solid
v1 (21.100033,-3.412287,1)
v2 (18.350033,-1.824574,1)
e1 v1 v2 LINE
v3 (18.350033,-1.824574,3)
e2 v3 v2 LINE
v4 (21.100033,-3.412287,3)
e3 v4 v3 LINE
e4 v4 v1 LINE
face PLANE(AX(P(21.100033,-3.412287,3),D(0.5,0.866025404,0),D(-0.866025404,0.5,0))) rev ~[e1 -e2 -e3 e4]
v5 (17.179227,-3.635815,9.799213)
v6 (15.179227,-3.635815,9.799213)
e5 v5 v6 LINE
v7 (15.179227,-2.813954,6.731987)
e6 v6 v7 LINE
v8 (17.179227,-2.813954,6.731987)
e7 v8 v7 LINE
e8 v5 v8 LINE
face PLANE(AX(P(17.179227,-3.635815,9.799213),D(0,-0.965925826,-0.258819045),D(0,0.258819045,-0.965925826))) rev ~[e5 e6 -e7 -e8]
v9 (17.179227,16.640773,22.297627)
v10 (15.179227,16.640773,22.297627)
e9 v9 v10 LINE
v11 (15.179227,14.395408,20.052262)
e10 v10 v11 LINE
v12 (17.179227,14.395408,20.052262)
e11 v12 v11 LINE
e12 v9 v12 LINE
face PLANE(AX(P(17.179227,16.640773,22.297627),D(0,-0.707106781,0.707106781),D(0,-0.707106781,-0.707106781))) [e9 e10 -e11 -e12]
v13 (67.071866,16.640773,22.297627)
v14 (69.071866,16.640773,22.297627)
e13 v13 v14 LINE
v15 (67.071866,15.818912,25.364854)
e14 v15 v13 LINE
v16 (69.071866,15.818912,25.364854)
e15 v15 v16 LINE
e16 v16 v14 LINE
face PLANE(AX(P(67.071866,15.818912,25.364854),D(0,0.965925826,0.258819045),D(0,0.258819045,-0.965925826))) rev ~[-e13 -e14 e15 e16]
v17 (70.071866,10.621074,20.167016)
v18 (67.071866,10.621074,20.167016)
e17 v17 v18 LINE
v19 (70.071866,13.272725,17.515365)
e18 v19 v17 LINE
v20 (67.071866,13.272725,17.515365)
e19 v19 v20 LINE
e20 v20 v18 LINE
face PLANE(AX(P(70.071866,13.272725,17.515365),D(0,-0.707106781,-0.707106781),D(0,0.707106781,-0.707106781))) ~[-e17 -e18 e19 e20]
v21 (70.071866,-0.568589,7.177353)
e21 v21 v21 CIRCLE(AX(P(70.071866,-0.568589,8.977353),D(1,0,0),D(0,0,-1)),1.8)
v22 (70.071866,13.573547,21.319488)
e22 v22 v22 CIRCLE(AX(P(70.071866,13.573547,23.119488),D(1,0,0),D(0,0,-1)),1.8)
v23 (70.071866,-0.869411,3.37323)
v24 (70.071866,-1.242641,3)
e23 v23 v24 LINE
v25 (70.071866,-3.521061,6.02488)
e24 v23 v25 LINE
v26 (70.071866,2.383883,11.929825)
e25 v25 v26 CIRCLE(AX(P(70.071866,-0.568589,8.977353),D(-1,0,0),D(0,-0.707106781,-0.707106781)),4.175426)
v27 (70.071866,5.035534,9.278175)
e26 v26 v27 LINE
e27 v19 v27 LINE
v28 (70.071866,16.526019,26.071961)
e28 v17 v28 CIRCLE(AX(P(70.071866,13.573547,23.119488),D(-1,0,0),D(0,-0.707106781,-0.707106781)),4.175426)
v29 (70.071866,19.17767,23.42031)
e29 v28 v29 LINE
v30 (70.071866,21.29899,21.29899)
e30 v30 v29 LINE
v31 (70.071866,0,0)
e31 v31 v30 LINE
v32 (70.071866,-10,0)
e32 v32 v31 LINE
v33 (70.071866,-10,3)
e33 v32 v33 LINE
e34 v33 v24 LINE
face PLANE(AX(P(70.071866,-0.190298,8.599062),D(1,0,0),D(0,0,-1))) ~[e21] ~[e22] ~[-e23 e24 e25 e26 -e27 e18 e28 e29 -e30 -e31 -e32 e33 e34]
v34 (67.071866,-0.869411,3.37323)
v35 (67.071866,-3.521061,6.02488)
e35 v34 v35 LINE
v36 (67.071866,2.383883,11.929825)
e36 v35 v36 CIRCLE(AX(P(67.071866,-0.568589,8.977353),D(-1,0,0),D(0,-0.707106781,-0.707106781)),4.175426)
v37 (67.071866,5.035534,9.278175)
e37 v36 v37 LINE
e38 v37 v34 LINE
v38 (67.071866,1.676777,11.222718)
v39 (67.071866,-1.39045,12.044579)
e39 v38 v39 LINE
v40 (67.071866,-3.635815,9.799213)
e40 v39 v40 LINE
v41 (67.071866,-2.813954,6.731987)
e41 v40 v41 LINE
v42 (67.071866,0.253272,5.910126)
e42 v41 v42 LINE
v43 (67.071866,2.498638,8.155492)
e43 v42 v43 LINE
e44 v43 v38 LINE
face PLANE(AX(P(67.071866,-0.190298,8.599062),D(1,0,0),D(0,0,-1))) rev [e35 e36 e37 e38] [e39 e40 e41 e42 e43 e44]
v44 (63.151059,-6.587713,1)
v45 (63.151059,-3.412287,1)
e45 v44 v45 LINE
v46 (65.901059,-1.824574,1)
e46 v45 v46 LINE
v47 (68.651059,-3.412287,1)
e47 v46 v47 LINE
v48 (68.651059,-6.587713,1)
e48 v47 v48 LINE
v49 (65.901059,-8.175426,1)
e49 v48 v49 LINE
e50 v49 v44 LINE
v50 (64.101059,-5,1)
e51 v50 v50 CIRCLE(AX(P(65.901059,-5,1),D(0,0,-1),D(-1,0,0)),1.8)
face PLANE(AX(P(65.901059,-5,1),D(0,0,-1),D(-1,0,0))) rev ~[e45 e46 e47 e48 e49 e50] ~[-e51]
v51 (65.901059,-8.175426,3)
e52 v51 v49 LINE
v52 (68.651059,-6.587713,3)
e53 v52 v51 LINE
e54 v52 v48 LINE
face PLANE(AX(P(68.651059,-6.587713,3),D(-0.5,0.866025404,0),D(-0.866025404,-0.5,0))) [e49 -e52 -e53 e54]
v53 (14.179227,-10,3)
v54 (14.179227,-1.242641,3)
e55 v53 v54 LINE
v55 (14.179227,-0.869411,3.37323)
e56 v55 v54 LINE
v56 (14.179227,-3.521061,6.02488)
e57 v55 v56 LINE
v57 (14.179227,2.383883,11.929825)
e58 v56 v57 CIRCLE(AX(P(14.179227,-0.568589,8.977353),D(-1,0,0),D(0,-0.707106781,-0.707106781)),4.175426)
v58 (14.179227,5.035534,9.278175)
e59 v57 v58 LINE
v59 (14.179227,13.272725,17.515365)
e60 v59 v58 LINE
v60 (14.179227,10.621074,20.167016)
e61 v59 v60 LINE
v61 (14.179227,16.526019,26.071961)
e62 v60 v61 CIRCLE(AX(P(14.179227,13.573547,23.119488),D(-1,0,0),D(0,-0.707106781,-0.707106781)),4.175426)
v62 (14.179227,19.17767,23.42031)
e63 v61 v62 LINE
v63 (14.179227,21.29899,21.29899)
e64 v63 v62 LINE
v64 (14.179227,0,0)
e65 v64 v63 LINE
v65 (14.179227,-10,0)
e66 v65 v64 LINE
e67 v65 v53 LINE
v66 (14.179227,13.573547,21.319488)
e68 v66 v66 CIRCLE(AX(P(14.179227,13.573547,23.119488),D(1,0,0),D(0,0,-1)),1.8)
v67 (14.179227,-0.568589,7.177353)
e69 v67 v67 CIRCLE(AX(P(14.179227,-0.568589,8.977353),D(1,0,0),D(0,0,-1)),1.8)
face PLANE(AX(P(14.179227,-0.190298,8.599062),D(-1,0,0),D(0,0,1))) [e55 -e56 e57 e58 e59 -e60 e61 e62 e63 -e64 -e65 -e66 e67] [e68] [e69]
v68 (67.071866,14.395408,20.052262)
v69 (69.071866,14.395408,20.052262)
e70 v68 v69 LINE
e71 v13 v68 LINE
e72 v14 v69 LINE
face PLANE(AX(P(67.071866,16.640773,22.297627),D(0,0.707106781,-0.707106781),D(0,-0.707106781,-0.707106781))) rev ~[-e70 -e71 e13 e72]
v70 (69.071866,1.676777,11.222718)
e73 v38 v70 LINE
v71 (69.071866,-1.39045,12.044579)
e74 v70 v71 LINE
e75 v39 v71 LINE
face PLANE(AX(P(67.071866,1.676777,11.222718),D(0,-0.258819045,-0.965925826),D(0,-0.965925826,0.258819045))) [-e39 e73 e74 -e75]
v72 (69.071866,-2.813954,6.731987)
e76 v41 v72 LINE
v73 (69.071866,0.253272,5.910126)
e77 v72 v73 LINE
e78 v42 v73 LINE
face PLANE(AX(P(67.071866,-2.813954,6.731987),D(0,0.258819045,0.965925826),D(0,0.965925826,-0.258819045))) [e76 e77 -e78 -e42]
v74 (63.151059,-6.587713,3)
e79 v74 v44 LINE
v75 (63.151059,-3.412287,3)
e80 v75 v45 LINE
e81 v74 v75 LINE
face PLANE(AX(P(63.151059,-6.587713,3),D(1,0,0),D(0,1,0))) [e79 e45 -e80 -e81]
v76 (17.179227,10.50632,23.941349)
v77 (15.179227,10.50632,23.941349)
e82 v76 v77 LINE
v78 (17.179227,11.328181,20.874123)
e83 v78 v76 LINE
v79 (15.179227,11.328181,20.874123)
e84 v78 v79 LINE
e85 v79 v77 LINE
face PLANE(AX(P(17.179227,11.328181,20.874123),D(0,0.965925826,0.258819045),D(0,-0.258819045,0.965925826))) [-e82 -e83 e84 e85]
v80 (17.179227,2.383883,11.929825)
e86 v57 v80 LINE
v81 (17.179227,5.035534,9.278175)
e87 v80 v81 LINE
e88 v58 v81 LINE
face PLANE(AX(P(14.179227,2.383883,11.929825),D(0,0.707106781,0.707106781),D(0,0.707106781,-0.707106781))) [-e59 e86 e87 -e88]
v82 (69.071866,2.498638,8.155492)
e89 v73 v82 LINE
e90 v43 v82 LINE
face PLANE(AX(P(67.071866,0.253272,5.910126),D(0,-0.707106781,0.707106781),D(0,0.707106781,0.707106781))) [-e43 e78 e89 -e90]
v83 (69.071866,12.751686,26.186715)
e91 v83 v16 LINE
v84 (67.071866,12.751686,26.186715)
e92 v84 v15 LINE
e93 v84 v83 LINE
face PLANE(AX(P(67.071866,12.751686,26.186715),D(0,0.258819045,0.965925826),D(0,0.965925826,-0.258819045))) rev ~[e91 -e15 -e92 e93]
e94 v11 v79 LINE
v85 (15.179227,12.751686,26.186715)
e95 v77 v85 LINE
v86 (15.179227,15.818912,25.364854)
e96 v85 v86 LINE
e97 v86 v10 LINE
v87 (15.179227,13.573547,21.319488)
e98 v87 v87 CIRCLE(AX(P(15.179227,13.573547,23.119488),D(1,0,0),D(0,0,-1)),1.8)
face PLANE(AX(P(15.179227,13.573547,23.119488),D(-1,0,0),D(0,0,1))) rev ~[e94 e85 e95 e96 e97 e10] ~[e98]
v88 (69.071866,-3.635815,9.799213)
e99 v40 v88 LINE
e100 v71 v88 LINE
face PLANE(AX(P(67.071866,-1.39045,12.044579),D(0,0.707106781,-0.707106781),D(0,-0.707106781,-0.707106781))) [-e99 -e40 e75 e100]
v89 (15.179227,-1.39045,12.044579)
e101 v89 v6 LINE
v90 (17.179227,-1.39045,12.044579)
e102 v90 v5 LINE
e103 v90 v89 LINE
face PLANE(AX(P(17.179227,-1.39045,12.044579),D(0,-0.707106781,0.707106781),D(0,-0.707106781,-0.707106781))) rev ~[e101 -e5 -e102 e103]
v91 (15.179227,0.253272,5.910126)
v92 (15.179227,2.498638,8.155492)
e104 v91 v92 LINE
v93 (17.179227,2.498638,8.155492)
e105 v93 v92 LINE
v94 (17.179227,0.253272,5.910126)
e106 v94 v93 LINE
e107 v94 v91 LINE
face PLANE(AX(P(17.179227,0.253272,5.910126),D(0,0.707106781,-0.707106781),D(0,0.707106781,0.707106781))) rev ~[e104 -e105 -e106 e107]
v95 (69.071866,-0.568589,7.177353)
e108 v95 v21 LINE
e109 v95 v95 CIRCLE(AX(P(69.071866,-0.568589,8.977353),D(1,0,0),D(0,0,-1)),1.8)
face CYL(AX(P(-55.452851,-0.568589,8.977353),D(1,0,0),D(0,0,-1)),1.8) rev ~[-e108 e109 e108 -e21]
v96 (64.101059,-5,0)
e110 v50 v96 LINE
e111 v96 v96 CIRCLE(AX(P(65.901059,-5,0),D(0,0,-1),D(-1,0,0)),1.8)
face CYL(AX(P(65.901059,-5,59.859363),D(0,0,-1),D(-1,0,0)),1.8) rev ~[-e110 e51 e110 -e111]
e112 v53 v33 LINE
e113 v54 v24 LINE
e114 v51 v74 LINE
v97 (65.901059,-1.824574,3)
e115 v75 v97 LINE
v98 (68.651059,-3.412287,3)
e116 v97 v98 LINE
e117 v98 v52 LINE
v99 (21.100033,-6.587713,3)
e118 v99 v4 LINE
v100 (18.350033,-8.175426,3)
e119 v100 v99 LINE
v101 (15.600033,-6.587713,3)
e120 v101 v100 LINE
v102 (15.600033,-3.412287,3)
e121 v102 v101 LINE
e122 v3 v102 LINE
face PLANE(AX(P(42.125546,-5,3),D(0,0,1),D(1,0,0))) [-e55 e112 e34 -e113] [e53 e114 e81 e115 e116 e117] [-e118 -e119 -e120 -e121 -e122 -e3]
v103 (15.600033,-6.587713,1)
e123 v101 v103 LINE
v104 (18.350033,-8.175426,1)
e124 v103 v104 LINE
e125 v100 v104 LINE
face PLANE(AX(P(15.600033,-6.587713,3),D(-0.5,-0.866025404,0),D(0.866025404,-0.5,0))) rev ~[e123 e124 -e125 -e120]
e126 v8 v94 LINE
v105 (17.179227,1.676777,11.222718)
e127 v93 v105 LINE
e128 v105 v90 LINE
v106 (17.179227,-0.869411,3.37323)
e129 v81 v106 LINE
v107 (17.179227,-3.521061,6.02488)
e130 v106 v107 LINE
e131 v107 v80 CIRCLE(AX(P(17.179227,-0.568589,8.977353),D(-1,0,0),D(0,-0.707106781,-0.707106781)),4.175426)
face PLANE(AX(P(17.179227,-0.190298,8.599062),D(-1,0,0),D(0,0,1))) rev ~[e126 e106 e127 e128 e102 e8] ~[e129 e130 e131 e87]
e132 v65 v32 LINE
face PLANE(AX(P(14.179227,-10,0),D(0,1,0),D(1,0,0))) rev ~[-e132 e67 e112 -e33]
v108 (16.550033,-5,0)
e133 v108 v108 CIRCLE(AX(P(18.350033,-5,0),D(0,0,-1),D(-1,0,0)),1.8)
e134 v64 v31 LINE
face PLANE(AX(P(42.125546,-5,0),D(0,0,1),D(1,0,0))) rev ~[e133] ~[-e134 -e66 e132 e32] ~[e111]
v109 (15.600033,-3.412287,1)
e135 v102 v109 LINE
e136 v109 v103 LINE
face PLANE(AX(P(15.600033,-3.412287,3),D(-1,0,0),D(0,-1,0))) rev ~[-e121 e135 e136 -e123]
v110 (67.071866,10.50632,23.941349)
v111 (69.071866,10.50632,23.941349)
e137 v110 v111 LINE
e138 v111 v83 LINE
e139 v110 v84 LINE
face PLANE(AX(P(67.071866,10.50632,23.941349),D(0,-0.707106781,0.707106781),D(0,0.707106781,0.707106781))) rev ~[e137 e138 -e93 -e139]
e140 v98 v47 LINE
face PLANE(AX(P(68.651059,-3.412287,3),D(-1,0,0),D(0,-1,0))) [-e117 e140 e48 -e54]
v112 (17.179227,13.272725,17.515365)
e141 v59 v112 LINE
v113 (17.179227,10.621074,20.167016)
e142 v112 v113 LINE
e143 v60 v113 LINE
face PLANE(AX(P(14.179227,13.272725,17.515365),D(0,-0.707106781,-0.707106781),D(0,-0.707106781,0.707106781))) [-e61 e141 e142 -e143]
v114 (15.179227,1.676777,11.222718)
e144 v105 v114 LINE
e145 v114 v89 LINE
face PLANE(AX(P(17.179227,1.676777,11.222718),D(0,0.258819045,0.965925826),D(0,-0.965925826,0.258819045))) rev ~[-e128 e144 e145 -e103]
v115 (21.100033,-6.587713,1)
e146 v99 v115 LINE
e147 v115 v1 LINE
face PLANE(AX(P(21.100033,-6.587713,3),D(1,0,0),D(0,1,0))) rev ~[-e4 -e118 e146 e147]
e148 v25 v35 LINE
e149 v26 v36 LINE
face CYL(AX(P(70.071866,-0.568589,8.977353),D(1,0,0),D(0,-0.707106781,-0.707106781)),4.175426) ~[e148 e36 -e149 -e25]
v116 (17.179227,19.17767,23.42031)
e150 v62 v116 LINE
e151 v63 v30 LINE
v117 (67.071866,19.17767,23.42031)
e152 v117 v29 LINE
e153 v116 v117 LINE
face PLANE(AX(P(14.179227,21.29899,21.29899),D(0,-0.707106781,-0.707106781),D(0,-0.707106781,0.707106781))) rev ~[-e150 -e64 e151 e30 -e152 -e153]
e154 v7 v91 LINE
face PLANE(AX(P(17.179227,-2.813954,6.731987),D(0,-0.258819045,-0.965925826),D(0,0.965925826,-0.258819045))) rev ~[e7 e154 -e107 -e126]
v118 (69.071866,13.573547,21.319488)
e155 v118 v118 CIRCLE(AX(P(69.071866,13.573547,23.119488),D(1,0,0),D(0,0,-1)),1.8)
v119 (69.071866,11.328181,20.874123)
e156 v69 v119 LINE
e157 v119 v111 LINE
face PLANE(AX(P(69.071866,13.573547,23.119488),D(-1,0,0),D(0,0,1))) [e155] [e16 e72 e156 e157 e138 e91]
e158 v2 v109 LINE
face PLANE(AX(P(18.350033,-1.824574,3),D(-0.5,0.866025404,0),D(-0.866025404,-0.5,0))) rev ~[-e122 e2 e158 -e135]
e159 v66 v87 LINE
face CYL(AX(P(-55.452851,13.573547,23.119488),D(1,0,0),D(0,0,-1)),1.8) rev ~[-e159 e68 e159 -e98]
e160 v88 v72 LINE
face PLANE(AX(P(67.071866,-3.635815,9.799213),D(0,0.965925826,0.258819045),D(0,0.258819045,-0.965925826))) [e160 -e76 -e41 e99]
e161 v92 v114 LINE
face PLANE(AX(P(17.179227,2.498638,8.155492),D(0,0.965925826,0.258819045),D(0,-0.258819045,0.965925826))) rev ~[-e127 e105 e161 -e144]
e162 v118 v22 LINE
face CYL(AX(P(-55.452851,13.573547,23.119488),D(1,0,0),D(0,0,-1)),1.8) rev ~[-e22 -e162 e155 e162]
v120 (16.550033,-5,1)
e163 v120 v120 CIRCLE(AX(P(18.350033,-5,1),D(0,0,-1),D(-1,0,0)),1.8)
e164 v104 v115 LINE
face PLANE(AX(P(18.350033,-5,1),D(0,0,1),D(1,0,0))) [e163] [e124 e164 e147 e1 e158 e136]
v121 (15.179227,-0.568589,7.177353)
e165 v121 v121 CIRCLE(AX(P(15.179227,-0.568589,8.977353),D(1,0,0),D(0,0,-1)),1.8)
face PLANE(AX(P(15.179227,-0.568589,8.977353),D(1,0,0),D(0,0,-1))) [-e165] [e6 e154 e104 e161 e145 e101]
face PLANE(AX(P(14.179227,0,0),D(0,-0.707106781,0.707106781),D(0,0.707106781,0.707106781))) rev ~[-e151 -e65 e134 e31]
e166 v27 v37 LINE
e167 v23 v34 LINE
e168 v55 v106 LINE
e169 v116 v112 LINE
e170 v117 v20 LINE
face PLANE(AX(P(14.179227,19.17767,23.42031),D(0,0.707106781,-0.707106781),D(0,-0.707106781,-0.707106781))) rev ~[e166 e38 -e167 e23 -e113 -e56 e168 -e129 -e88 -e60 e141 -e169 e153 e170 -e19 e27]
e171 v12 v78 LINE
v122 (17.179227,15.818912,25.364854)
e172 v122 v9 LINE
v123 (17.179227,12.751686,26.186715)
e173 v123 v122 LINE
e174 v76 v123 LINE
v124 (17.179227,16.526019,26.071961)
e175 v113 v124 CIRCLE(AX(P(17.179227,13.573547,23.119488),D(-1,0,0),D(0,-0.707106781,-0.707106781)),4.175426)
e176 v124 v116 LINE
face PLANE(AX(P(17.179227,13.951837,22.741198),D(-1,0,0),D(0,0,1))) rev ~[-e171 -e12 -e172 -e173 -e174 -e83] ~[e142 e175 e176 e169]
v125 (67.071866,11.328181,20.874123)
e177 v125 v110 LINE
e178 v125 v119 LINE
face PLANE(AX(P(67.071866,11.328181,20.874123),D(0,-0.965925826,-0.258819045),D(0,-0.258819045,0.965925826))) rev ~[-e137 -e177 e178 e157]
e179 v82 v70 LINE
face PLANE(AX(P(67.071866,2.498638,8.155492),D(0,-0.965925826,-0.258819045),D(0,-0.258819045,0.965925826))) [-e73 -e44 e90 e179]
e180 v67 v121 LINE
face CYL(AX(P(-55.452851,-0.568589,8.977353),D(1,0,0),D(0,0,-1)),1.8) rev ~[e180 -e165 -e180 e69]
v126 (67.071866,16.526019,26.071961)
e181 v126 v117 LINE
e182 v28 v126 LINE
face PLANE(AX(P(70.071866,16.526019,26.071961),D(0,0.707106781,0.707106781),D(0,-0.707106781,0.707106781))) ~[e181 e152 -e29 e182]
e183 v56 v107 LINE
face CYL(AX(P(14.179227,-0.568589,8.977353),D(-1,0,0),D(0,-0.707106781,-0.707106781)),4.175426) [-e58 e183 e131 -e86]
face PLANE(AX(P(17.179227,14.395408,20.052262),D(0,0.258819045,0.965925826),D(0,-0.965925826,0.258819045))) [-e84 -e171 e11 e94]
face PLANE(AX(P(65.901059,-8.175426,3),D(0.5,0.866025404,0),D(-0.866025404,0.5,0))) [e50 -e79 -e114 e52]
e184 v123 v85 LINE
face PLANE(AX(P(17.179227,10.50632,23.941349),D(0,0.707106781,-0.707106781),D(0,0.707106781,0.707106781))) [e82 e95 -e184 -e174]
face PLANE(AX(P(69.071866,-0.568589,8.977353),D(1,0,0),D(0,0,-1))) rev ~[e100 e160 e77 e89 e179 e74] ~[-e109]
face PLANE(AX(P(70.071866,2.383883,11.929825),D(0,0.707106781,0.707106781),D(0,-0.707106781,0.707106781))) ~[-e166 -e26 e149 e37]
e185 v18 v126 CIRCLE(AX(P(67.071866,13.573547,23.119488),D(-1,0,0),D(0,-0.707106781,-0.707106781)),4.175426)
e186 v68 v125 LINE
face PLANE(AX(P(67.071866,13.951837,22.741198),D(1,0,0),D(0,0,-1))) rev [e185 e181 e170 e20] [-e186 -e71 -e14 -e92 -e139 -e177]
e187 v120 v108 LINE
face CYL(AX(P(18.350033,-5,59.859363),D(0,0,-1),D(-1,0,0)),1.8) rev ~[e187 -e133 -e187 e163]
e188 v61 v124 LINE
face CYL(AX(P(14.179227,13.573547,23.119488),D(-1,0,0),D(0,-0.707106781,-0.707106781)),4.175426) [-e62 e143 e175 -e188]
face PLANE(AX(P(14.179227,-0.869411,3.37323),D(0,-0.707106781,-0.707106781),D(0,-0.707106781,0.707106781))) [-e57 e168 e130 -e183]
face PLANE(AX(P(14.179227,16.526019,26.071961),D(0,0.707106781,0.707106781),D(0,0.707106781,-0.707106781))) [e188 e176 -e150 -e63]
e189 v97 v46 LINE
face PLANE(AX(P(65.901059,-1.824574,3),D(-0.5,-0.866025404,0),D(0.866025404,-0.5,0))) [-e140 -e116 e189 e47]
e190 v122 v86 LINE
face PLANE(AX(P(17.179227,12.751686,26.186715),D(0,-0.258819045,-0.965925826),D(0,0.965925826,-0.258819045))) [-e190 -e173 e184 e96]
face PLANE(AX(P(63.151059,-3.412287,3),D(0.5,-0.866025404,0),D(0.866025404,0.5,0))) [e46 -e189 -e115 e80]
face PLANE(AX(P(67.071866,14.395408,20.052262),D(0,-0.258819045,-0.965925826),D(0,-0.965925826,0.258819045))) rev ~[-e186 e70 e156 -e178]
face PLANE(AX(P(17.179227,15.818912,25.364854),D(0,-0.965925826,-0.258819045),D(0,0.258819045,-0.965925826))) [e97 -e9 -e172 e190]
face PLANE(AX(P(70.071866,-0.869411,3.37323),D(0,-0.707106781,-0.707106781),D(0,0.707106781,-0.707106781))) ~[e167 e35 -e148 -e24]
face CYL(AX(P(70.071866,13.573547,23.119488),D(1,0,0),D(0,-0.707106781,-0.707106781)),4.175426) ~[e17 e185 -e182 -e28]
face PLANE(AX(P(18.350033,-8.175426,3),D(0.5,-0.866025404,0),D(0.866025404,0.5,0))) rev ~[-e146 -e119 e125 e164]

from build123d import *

# Parameters (mm, degrees)
SKETCH1_W            = 55.892639293
SKETCH1_H            = 10
BOSS_EXTRUDE1_DEPTH  = 3
CUT_EXTRUDE1_DEPTH   = 2
M3_CLEARANCE_HOLE1_D = 3.6
BOSS_EXTRUDE2_DEPTH  = 55.892639293
BOSS_EXTRUDE3_DEPTH  = 3
M3_CLEARANCE_HOLE2_D = 3.6
CUT_EXTRUDE2_START   = -3
CUT_EXTRUDE2_DEPTH   = 2
CUT_EXTRUDE3_START   = -52.892639
CUT_EXTRUDE3_DEPTH   = 2


with BuildPart() as part:
    # Sketch1 → Boss-Extrude1 (new body)
    with BuildSketch(Plane.XY):
        with Locations((42.125546196, -5)):
            Rectangle(SKETCH1_W, SKETCH1_H)
    extrude(amount=BOSS_EXTRUDE1_DEPTH)

    # Sketch2 → Cut-Extrude1 (cut)
    with BuildSketch(Plane.XY.offset(3)):
        Polygon((65.90105946, -8.175426481), (63.15105946, -6.58771324), (63.15105946, -3.41228676), (65.90105946, -1.824573519), (68.65105946, -3.41228676), (68.65105946, -6.58771324), align=None)
        Polygon((21.100032933, -6.58771324), (21.100032933, -3.41228676), (18.350032933, -1.824573519), (15.600032933, -3.41228676), (15.600032933, -6.58771324), (18.350032933, -8.175426481), align=None)
    extrude(amount=-CUT_EXTRUDE1_DEPTH, mode=Mode.SUBTRACT)

    # M3 Clearance Hole1 (through all)
    with Locations(Plane.XY.offset(3)):
        with Locations((18.350032933, -5), (65.90105946, -5)):
            Hole(M3_CLEARANCE_HOLE1_D / 2)

    # Sketch5 → Boss-Extrude2 (add)
    with BuildSketch(Plane.ZY.offset(-14.17922655)):
        Polygon((0, 0), (21.298989873, 21.298989873), (23.420310217, 19.17766953), (3, -1.242640687), (3, 0), align=None)
    extrude(amount=-BOSS_EXTRUDE2_DEPTH)

    # Sketch6 → Boss-Extrude3 (add)
    # profile 1 of 4: a face of its own
    with BuildSketch(Plane.ZY.offset(-14.17922655)):
        with BuildLine():
            Line((11.929825022, 2.383883477), (9.278174593, 5.035533906))
            Line((9.278174593, 5.035533906), (3.373229836, -0.869410851))
            Line((3.373229836, -0.869410851), (6.024880265, -3.521061281))
            ThreePointArc((6.024880265, -3.521061281), (11.929825022, -3.521061281), (11.929825022, 2.383883477))
        make_face()
        Polygon((6.731987046, -2.8139545), (5.910126197, 0.253271947), (8.155491794, 2.498637545), (11.222718241, 1.676776695), (12.044579091, -1.390449752), (9.799213493, -3.635815349), align=None, mode=Mode.SUBTRACT)
    # profile 2 of 4: a face of its own
    with BuildSketch(Plane.ZY.offset(-14.17922655)):
        Polygon((8.155491794, 2.498637545), (11.222718241, 1.676776695), (12.044579091, -1.390449752), (9.799213493, -3.635815349), (6.731987046, -2.8139545), (5.910126197, 0.253271947), align=None)
    # profile 3 of 4: a face of its own
    with BuildSketch(Plane.ZY.offset(-14.17922655)):
        with BuildLine():
            Line((26.071960646, 16.5260191), (23.420310217, 19.17766953))
            Line((23.420310217, 19.17766953), (17.515365459, 13.272724772))
            Line((17.515365459, 13.272724772), (20.167015889, 10.621074343))
            ThreePointArc((20.167015889, 10.621074343), (26.071960646, 10.621074343), (26.071960646, 16.5260191))
        make_face()
        Polygon((23.941349117, 10.506320274), (20.87412267, 11.328181124), (20.05226182, 14.395407571), (22.297627418, 16.640773169), (25.364853865, 15.818912319), (26.186714714, 12.751685872), align=None, mode=Mode.SUBTRACT)
    # profile 4 of 4: a face of its own
    with BuildSketch(Plane.ZY.offset(-14.17922655)):
        Polygon((22.297627418, 16.640773169), (20.05226182, 14.395407571), (20.87412267, 11.328181124), (23.941349117, 10.506320274), (26.186714714, 12.751685872), (25.364853865, 15.818912319), align=None)
    boss_extrude3 = extrude(amount=-BOSS_EXTRUDE3_DEPTH)

    # Mirror1: Boss-Extrude3 across plane
    add(boss_extrude3.mirror(Plane.ZY.offset(-42.125546197)))

    # M3 Clearance Hole2 (through all)
    with Locations(Plane.ZY.offset(-14.17922655)):
        with Locations((8.977352644, -0.568588902), (23.119488267, 13.573546722)):
            Hole(M3_CLEARANCE_HOLE2_D / 2)

    # Sketch6<3> → Cut-Extrude2 (cut)
    with BuildSketch(Plane.ZY.offset(-14.17922655).offset(CUT_EXTRUDE2_START)):
        Polygon((8.155491794, 2.498637545), (11.222718241, 1.676776695), (12.044579091, -1.390449752), (9.799213493, -3.635815349), (6.731987046, -2.8139545), (5.910126197, 0.253271947), align=None)
        Polygon((22.297627418, 16.640773169), (20.05226182, 14.395407571), (20.87412267, 11.328181124), (23.941349117, 10.506320274), (26.186714714, 12.751685872), (25.364853865, 15.818912319), align=None)
    extrude(amount=CUT_EXTRUDE2_DEPTH, mode=Mode.SUBTRACT)

    # Sketch6<4> → Cut-Extrude3 (cut)
    with BuildSketch(Plane.ZY.offset(-14.17922655).offset(CUT_EXTRUDE3_START)):
        Polygon((22.297627418, 16.640773169), (20.05226182, 14.395407571), (20.87412267, 11.328181124), (23.941349117, 10.506320274), (26.186714714, 12.751685872), (25.364853865, 15.818912319), align=None)
        Polygon((8.155491794, 2.498637545), (11.222718241, 1.676776695), (12.044579091, -1.390449752), (9.799213493, -3.635815349), (6.731987046, -2.8139545), (5.910126197, 0.253271947), align=None)
    extrude(amount=-CUT_EXTRUDE3_DEPTH, mode=Mode.SUBTRACT)


solid = part.part
